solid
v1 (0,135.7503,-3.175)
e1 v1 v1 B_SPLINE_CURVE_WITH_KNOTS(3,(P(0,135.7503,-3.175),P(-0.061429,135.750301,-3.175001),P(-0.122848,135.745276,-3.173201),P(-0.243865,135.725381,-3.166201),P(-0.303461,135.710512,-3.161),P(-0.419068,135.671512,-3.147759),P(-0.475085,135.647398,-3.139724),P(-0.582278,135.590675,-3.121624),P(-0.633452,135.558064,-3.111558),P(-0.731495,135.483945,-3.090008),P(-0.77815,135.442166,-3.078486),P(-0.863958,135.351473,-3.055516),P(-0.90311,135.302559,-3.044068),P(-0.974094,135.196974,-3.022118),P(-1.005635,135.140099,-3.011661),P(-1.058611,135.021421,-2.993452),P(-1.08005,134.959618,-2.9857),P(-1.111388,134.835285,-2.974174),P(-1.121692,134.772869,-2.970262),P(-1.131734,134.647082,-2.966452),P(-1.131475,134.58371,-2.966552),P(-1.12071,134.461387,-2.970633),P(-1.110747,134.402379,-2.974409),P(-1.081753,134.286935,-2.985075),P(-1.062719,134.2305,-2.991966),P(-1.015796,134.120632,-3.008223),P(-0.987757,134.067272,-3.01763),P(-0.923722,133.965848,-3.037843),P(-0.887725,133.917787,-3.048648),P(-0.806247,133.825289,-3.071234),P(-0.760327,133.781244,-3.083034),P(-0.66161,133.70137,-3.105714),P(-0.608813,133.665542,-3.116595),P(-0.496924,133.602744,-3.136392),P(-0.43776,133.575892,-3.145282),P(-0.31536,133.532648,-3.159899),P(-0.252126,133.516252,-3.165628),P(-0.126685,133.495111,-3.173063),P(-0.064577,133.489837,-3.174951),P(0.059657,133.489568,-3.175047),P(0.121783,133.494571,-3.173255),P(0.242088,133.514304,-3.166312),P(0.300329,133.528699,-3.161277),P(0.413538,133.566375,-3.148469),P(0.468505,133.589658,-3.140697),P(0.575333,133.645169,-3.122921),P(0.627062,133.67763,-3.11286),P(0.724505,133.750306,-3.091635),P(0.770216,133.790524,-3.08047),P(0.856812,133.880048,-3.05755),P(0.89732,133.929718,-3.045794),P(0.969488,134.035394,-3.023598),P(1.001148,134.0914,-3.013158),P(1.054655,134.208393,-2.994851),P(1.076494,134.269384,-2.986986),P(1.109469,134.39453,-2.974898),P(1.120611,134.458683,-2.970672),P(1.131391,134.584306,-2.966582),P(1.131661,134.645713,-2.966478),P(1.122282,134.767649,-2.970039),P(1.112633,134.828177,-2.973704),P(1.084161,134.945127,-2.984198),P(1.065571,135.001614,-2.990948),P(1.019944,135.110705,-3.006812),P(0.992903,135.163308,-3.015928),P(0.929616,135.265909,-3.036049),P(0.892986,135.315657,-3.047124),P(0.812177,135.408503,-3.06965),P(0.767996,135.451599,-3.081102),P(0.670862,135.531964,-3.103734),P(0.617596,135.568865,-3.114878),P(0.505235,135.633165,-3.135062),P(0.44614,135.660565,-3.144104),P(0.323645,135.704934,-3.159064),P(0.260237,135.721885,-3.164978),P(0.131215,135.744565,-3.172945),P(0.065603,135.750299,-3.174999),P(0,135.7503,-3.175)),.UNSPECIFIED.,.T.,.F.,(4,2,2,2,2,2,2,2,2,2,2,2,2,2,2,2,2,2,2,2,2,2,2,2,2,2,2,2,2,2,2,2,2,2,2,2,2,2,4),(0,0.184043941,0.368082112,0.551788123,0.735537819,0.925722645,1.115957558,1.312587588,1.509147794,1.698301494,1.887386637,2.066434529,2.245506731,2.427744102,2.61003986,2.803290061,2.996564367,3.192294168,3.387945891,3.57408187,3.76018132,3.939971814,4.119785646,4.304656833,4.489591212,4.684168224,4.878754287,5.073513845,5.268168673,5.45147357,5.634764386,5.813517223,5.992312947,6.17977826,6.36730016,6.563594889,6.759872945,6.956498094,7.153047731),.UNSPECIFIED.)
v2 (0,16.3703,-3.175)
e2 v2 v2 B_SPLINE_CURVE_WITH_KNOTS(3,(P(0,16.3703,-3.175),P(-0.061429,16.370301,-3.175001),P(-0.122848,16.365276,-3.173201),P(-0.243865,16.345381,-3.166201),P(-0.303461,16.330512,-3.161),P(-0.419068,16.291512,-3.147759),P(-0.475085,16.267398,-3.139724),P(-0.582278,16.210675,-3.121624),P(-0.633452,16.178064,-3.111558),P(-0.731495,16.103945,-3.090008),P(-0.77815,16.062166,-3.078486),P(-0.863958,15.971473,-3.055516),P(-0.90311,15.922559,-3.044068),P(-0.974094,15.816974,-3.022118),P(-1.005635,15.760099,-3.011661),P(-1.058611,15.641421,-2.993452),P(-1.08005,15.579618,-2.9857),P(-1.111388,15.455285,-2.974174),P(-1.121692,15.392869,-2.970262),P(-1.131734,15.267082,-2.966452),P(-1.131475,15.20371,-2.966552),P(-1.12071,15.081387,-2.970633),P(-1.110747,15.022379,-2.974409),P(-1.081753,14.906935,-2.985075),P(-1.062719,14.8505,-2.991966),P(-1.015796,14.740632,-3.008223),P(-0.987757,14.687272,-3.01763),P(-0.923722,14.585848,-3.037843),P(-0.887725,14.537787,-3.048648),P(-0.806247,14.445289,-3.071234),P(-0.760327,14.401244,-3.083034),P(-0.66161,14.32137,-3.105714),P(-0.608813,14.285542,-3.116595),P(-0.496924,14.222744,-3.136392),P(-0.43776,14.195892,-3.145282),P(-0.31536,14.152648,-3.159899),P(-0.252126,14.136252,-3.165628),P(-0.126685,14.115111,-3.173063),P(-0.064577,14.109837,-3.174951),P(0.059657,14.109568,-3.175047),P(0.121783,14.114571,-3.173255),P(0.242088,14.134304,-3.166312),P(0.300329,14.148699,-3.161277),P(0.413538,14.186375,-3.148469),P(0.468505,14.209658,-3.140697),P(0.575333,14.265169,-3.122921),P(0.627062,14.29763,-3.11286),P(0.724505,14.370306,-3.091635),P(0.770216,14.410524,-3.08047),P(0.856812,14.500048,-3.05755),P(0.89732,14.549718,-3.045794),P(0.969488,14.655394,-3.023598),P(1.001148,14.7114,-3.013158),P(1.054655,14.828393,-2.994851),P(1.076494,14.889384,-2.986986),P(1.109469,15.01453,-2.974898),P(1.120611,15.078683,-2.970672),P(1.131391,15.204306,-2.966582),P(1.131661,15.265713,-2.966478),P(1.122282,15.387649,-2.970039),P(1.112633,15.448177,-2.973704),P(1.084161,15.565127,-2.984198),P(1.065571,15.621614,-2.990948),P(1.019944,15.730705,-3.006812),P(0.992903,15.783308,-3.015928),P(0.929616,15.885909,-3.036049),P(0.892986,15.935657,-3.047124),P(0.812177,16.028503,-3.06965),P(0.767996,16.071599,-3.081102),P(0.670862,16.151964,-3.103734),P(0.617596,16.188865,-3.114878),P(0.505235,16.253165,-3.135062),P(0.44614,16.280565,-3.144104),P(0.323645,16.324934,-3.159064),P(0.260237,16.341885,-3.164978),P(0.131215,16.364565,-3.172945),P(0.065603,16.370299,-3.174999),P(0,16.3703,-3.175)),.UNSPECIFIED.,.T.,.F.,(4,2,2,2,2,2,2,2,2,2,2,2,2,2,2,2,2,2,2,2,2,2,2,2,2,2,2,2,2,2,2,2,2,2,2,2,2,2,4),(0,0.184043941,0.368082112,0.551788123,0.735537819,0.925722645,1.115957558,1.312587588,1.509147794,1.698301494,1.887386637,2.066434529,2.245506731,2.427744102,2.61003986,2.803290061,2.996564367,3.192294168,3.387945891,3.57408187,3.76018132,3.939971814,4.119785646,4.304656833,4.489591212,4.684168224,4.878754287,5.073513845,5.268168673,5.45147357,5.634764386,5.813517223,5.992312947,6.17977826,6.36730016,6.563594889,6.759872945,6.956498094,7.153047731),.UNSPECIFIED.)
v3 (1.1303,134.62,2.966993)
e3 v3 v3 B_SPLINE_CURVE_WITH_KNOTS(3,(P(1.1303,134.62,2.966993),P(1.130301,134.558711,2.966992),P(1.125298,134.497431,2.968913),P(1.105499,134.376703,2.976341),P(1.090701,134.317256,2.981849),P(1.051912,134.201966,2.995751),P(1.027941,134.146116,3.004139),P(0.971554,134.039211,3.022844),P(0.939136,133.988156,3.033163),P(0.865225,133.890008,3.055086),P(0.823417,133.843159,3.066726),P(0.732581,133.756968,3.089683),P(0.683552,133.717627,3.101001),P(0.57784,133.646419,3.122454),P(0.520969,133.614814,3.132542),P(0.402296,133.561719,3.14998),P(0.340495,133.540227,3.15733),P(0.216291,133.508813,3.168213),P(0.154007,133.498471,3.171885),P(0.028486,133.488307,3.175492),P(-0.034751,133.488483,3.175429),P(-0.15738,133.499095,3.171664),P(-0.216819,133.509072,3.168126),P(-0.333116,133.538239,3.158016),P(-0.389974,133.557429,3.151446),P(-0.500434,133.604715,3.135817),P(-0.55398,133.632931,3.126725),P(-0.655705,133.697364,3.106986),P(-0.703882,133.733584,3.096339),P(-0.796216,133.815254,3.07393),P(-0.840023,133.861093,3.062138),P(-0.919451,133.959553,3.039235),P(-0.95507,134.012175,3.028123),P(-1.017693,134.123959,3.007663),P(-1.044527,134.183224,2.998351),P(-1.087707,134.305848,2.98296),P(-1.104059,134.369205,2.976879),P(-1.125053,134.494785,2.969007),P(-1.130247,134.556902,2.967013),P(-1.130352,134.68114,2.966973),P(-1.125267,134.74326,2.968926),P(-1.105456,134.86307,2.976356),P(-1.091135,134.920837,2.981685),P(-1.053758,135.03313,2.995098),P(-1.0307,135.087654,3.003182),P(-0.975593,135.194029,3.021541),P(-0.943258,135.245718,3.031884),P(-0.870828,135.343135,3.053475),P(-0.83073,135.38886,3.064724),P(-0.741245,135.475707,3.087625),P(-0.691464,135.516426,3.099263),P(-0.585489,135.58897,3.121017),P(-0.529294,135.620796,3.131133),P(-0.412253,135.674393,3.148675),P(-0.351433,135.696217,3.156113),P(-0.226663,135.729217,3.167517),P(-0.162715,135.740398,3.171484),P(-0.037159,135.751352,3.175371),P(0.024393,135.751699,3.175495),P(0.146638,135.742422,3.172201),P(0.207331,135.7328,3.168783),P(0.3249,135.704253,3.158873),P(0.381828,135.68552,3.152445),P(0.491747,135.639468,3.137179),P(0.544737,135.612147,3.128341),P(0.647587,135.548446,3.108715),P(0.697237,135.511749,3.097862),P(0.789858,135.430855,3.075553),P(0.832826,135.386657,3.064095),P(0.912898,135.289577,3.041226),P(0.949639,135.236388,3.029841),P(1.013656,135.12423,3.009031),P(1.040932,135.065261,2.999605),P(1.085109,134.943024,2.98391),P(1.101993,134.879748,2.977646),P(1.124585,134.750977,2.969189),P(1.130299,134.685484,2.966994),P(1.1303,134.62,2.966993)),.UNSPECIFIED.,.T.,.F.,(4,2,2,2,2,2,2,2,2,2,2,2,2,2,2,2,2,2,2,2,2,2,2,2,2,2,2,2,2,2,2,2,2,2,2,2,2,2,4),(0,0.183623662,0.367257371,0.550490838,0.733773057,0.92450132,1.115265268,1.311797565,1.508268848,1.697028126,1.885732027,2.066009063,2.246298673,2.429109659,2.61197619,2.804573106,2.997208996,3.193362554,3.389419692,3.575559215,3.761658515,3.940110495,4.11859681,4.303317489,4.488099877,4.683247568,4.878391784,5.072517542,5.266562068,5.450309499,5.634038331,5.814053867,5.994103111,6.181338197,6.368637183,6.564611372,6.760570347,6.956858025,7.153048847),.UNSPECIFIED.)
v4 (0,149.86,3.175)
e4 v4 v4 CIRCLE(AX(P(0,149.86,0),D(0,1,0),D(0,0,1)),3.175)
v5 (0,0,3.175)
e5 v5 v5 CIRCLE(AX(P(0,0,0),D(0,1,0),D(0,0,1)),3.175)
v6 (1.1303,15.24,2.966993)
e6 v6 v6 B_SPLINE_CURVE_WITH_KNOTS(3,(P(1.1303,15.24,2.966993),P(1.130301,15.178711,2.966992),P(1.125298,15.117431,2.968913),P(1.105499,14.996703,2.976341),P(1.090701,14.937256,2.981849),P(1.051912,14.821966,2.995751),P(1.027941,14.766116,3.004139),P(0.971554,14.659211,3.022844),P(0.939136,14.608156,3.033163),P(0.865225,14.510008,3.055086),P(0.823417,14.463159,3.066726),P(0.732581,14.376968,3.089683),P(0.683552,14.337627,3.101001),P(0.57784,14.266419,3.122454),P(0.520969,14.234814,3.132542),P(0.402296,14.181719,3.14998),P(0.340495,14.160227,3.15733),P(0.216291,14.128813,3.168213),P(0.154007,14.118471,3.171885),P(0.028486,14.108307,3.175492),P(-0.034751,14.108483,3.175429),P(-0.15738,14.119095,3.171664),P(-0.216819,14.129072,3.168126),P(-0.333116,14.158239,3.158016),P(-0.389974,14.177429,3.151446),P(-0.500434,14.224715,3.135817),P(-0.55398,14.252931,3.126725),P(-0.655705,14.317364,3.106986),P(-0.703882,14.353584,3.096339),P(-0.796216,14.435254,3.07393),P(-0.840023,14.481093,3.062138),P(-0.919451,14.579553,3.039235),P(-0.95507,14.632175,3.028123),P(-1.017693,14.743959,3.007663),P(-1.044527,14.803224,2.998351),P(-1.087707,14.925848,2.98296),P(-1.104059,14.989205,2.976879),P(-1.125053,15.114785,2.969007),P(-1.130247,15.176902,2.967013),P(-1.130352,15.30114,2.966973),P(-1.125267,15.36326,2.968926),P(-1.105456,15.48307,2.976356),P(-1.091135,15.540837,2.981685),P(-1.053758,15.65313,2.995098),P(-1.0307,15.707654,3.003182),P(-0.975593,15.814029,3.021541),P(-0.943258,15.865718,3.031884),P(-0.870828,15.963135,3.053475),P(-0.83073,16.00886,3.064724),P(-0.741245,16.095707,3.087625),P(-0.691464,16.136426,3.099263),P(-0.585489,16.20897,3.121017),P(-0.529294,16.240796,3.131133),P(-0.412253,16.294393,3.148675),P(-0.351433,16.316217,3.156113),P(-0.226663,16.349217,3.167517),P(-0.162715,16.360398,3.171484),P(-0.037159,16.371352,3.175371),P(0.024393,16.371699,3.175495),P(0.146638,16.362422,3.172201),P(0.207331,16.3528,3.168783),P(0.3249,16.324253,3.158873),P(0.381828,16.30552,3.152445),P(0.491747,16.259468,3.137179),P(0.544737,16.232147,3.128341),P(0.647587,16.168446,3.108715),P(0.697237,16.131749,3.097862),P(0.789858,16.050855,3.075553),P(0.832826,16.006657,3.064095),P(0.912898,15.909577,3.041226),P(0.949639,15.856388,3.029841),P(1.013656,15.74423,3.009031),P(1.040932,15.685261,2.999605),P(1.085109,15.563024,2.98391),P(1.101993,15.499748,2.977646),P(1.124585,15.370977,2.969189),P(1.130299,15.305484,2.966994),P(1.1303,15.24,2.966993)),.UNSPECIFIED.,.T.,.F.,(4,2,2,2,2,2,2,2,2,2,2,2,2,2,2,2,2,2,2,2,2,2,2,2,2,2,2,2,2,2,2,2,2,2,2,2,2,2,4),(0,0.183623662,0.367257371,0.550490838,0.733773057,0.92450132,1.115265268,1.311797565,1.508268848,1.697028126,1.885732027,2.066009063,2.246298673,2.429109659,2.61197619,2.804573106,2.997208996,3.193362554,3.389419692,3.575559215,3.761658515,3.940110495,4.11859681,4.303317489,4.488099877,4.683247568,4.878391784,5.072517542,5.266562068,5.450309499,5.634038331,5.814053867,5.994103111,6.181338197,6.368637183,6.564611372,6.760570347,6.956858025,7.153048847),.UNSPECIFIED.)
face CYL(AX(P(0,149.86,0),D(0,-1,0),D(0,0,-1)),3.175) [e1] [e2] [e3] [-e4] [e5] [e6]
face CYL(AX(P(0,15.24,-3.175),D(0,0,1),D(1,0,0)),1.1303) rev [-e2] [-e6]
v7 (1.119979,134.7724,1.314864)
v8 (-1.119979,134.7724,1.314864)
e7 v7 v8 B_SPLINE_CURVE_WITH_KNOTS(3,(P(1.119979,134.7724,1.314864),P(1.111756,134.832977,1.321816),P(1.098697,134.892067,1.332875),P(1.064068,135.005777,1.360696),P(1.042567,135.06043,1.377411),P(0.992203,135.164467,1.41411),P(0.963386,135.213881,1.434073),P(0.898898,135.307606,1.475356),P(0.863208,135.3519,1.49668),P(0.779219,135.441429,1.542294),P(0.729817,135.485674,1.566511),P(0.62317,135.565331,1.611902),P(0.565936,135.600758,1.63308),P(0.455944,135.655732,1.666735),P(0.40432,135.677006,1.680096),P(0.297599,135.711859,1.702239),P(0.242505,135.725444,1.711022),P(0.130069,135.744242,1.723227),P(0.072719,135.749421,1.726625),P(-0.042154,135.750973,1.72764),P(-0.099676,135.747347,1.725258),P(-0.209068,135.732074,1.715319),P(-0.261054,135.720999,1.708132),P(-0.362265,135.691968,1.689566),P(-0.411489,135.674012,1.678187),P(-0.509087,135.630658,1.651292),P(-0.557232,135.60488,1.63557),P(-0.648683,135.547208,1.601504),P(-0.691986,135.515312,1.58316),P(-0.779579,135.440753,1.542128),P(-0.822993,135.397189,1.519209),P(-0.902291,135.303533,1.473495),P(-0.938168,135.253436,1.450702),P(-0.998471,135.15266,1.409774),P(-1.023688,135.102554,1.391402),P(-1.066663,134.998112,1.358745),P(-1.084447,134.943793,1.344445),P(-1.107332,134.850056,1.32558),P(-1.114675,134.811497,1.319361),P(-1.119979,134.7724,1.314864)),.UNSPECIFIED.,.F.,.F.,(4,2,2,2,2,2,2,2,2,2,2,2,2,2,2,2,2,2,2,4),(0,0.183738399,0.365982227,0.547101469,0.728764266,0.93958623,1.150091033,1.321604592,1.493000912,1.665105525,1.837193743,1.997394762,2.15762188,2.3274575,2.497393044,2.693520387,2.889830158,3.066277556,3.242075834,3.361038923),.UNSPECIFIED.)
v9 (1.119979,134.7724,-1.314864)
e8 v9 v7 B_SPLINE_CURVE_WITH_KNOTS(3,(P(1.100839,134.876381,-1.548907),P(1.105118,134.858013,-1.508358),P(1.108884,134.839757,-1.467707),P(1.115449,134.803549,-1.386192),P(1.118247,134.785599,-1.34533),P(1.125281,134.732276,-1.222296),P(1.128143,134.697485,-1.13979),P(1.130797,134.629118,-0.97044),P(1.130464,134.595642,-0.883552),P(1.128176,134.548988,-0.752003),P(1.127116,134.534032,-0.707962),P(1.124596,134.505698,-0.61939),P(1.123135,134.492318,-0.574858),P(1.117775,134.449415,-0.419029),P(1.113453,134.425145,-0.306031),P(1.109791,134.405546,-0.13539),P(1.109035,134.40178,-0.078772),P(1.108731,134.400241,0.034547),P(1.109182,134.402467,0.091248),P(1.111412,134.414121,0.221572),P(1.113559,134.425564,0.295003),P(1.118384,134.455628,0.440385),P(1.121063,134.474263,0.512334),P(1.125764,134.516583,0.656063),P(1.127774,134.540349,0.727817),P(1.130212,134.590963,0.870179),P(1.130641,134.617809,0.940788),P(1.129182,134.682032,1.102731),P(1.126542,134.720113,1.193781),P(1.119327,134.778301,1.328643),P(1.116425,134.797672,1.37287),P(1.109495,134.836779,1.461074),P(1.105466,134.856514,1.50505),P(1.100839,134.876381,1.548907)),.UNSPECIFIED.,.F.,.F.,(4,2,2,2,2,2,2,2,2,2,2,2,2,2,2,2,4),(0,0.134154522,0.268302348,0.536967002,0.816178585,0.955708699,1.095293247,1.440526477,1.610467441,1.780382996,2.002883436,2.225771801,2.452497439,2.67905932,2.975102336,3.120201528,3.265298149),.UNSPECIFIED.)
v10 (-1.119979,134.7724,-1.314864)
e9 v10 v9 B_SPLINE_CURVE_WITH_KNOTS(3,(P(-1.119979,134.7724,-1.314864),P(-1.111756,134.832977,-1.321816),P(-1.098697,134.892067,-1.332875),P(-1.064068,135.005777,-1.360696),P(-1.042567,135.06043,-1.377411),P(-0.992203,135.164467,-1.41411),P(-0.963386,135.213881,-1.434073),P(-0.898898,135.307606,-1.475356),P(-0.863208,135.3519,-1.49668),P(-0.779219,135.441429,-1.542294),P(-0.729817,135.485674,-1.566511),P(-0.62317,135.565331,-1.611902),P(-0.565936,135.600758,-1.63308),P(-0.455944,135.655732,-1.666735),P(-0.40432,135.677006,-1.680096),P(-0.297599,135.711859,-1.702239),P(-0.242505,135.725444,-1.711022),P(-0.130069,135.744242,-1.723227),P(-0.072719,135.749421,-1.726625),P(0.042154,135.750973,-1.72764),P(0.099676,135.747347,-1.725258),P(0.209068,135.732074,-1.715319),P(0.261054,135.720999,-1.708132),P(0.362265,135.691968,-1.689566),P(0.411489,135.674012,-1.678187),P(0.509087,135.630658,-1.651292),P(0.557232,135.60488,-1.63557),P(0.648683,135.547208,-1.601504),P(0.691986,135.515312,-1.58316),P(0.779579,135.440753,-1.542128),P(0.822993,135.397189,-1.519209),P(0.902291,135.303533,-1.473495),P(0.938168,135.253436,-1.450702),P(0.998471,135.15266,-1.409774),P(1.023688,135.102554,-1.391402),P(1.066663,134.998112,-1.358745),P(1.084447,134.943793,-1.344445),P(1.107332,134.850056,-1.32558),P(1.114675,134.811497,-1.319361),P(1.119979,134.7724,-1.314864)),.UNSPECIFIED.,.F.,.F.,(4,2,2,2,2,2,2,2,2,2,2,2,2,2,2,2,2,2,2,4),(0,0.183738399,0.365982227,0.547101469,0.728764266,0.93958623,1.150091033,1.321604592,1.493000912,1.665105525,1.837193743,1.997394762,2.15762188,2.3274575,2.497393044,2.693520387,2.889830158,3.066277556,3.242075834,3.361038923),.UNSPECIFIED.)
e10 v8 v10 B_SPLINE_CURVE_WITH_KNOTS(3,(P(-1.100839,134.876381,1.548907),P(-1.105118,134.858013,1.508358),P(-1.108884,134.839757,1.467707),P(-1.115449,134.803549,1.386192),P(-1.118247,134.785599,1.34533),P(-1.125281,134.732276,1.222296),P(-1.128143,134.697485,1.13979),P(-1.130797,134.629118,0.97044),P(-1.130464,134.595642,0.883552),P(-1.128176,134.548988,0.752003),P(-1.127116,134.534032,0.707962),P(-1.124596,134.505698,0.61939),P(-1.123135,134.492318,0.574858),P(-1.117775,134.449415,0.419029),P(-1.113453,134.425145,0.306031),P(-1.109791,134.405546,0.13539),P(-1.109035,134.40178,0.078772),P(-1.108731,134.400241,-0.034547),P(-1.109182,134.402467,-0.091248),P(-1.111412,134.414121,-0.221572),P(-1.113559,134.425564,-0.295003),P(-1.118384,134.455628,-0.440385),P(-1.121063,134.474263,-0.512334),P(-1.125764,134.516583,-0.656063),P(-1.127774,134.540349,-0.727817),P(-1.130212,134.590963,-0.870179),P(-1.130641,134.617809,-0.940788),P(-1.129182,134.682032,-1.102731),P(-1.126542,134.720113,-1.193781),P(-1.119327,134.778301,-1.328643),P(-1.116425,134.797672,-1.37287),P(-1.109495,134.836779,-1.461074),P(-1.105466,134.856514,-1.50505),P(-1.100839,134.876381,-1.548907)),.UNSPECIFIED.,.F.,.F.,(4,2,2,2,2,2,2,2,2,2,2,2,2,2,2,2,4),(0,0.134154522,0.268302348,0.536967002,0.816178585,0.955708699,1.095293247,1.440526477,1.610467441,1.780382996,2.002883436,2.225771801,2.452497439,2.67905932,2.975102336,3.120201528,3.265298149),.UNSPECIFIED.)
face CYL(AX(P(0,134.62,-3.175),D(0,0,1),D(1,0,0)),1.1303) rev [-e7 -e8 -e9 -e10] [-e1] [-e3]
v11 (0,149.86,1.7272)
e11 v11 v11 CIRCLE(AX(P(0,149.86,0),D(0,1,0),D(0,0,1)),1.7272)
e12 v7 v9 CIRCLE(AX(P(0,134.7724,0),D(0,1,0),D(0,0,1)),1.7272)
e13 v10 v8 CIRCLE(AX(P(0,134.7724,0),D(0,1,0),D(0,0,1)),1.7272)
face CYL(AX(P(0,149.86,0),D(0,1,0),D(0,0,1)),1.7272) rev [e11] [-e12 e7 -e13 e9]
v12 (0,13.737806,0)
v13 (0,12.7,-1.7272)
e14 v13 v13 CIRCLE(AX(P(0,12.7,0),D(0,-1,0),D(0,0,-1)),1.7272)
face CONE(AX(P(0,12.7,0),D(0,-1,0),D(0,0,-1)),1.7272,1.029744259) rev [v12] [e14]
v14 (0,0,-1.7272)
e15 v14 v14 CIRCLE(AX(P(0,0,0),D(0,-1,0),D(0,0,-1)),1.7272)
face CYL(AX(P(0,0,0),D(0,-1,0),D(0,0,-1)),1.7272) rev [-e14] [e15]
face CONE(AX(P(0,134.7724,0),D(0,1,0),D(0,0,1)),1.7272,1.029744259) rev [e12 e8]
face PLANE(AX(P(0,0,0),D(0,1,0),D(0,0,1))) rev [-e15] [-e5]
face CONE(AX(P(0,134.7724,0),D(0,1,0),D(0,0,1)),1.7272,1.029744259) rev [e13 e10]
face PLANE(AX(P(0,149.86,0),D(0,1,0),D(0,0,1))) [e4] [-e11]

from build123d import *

# Parameters (mm, degrees)
SKETCH1_R                 = 3.175
BOSS_EXTRUDE1_DEPTH       = 149.86
F_8_32_TAPPED_HOLE1_D     = 3.4544
F_8_32_TAPPED_HOLE1_DEPTH = 12.7
F_8_32_TAPPED_HOLE1_TIP   = 1.037806461
F_8_32_TAPPED_HOLE2_D     = 3.4544
F_8_32_TAPPED_HOLE2_DEPTH = 15.0876
F_8_32_TAPPED_HOLE2_TIP   = 1.037806461
SKETCH6_R                 = 1.1303
CUT_EXTRUDE1_DEPTH        = 4.175
CUT_EXTRUDE1_DEPTH_BACK   = 4.175


with BuildPart() as part:
    # Sketch1 → Boss-Extrude1 (new body)
    with BuildSketch(Plane(origin=(0, 0, 0), x_dir=(1, 0, 0), z_dir=(0, 1, 0))):
        Circle(SKETCH1_R)
    extrude(amount=BOSS_EXTRUDE1_DEPTH)

    # #8-32 Tapped Hole1
    with Locations(Plane(origin=(0, 0, 0), x_dir=(-1, 0, 0), z_dir=(0, -1, 0))):
        with Locations((0, 0)):
            Hole(F_8_32_TAPPED_HOLE1_D / 2, depth=F_8_32_TAPPED_HOLE1_DEPTH)
            with Locations((0, 0, -(F_8_32_TAPPED_HOLE1_DEPTH + F_8_32_TAPPED_HOLE1_TIP / 2))):  # 118° drill point
                Cone(0, F_8_32_TAPPED_HOLE1_D / 2, F_8_32_TAPPED_HOLE1_TIP, mode=Mode.SUBTRACT)

    # #8-32 Tapped Hole2
    with Locations(Plane(origin=(0, 149.86, 0), x_dir=(1, 0, 0), z_dir=(0, 1, 0))):
        with Locations((0, 0)):
            Hole(F_8_32_TAPPED_HOLE2_D / 2, depth=F_8_32_TAPPED_HOLE2_DEPTH)
            with Locations((0, 0, -(F_8_32_TAPPED_HOLE2_DEPTH + F_8_32_TAPPED_HOLE2_TIP / 2))):  # 118° drill point
                Cone(0, F_8_32_TAPPED_HOLE2_D / 2, F_8_32_TAPPED_HOLE2_TIP, mode=Mode.SUBTRACT)

    # Sketch6 → Cut-Extrude1 (cut, two sides)
    with BuildSketch(Plane.XY) as cut_extrude1_sk:
        with Locations((0, 134.62)):
            Circle(SKETCH6_R)
        with Locations((0, 15.24)):
            Circle(SKETCH6_R)
    extrude(amount=CUT_EXTRUDE1_DEPTH, mode=Mode.SUBTRACT)
    extrude(cut_extrude1_sk.sketch, amount=-CUT_EXTRUDE1_DEPTH_BACK, mode=Mode.SUBTRACT)


solid = part.part
